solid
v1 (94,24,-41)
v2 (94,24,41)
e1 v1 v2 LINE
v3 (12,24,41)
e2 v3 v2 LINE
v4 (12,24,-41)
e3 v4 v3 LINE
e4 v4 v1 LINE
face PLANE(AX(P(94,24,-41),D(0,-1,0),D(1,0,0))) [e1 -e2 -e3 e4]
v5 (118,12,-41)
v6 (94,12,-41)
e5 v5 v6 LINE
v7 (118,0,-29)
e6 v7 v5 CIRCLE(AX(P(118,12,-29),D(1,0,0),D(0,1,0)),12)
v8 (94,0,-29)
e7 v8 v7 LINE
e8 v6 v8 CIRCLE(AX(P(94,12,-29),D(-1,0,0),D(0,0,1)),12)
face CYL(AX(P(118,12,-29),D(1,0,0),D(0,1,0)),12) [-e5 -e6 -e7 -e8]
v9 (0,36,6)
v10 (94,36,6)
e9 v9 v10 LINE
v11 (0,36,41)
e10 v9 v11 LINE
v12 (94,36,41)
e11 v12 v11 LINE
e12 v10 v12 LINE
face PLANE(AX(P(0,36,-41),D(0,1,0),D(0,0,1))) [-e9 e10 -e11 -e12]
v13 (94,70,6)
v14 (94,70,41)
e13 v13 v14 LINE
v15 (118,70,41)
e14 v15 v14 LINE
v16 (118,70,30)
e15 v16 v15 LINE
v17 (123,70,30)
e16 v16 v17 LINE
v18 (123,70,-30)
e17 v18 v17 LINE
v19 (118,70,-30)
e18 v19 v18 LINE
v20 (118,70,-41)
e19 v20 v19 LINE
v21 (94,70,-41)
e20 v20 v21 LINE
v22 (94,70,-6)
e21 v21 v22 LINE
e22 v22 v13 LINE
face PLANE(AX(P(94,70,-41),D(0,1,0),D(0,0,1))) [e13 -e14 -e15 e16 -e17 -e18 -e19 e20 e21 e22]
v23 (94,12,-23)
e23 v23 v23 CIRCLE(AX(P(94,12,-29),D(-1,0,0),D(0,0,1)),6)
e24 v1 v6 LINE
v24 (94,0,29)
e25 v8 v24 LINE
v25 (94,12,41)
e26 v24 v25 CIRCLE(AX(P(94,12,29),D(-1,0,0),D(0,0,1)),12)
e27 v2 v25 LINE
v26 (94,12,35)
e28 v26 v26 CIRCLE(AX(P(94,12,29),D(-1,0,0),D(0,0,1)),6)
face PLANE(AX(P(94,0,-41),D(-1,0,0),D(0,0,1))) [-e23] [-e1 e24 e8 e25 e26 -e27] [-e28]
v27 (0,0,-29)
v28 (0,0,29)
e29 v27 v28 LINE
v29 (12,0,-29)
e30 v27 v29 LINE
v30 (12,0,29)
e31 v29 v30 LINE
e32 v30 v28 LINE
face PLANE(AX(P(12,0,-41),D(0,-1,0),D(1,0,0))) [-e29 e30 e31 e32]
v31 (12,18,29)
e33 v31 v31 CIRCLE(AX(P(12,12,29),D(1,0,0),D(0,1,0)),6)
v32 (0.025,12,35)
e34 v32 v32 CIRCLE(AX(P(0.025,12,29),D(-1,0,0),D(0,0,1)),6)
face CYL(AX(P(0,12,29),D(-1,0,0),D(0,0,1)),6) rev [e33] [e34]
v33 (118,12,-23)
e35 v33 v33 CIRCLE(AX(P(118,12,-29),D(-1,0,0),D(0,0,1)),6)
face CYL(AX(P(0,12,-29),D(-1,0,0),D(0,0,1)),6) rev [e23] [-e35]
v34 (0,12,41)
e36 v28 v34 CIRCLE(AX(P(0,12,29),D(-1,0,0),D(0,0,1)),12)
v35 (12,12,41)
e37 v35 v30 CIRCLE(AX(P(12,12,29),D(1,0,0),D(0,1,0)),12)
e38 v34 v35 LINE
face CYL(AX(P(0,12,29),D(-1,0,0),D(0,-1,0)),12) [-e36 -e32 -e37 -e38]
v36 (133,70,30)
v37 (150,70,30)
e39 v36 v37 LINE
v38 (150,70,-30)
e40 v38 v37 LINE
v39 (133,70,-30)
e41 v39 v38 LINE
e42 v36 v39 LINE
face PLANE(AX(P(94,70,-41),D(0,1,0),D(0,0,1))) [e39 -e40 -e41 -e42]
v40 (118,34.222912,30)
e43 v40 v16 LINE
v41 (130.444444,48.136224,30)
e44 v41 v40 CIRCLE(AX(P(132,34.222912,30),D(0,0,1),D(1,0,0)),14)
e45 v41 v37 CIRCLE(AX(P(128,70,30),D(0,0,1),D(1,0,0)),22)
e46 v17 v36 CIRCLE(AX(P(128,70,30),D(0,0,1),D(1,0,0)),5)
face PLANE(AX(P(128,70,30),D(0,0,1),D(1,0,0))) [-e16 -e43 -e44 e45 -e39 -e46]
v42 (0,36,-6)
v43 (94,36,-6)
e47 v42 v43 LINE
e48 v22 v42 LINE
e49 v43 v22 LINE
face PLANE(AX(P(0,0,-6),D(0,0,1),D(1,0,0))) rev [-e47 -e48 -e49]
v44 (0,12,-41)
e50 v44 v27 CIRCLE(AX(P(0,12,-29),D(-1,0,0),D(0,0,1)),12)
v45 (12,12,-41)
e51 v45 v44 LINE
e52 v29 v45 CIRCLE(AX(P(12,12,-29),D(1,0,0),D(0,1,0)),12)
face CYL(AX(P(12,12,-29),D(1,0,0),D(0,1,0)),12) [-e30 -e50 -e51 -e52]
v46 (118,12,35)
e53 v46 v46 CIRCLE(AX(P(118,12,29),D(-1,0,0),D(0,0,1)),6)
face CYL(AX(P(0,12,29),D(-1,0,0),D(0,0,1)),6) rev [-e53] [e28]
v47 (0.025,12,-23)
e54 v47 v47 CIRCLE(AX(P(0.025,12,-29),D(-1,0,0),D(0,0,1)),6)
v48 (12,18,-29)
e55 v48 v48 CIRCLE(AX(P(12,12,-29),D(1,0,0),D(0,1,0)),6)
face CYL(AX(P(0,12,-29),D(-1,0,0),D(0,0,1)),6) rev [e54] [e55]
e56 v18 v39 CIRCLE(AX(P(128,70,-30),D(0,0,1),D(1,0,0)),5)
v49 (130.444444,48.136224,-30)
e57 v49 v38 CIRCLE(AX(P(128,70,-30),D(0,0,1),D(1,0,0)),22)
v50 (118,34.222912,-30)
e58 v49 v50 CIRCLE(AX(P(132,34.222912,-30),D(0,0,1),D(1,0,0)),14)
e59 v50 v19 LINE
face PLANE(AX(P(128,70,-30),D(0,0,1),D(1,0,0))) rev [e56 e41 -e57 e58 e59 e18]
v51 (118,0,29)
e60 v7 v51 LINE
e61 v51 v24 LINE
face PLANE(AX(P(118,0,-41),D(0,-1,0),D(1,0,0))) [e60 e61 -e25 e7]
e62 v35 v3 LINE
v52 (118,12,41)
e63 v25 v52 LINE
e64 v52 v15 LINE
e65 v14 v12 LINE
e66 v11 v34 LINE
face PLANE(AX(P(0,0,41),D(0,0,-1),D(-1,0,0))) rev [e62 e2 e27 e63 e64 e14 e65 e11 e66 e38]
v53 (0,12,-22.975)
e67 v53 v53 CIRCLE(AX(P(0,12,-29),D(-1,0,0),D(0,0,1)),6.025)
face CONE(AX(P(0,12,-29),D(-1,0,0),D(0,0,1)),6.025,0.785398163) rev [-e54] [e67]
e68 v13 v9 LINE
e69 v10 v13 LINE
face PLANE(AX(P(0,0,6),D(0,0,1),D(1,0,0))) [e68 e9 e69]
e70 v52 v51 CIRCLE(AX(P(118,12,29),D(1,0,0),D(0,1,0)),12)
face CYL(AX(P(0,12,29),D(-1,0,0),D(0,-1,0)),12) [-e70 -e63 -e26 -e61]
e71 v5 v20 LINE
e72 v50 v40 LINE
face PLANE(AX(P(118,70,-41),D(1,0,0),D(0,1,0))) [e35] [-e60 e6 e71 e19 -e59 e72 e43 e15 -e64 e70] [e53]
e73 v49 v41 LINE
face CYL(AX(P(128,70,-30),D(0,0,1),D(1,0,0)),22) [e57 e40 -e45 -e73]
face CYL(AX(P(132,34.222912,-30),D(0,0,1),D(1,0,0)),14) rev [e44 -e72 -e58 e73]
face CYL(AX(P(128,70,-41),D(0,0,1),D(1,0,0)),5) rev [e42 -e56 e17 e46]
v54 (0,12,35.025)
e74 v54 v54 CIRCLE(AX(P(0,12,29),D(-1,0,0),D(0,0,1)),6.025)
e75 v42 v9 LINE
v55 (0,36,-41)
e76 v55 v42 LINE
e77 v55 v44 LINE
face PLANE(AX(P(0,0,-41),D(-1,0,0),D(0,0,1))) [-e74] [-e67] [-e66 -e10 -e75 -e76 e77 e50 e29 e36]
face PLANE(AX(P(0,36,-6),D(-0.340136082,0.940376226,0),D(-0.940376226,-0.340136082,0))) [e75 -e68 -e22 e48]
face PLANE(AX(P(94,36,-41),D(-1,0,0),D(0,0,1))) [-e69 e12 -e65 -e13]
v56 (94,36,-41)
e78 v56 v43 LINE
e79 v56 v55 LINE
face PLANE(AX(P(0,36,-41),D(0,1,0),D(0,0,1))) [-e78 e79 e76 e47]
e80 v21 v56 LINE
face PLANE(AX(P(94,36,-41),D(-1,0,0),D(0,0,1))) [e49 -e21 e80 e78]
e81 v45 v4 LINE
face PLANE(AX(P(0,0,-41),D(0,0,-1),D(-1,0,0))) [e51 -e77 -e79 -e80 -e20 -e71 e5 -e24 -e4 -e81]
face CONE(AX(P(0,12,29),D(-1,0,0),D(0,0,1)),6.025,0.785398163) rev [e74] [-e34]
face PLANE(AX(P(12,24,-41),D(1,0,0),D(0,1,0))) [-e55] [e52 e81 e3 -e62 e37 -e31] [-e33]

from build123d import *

# Parameters (mm, degrees)
BOSS_EXTRUDE1_DEPTH              = 41
BOSS_EXTRUDE1_DEPTH_BACK         = 41
FILLET1_R                        = 12
F_12_0MM_DOWEL_HOLE1_D           = 12
F_12_0MM_DOWEL_HOLE1_CSINK_D     = 12.05
F_12_0MM_DOWEL_HOLE1_CSINK_ANGLE = 90
BOSS_EXTRUDE2_DEPTH              = 30
BOSS_EXTRUDE2_DEPTH_BACK         = 30
SKETCH8_R                        = 5
CUT_EXTRUDE1_DEPTH               = 181.113852882
BOSS_EXTRUDE3_DEPTH              = 6
BOSS_EXTRUDE3_DEPTH_BACK         = 6


with BuildPart() as part:
    # Sketch1 → Boss-Extrude1 (new, two sides: drawn at the far end of the back side and taken through both)
    with BuildSketch(Plane.XY.offset(-BOSS_EXTRUDE1_DEPTH_BACK)):
        Polygon((0, 0), (0, 36), (94, 36), (94, 70), (118, 70), (118, 0), (94, 0), (94, 24), (12, 24), (12, 0), align=None)
    extrude(amount=BOSS_EXTRUDE1_DEPTH + BOSS_EXTRUDE1_DEPTH_BACK)

    # Fillet1
    fillet1_edges = [part.edges().sort_by_distance(p)[0] for p in [
        (106, 0, -41),
        (6, 0, 41),
        (106, 0, 41),
        (6, 0, -41),
    ]]
    fillet(fillet1_edges, radius=FILLET1_R)

    # Ø12.0mm Dowel Hole1 (through all)
    with Locations(Plane.ZY):
        with Locations((-29, 12), (29, 12)):
            CounterSinkHole(F_12_0MM_DOWEL_HOLE1_D / 2, F_12_0MM_DOWEL_HOLE1_CSINK_D / 2, counter_sink_angle=F_12_0MM_DOWEL_HOLE1_CSINK_ANGLE)

    # Sketch7 → Boss-Extrude2 (add, two sides: drawn at the far end of the back side and taken through both)
    with BuildSketch(Plane.XY.offset(-BOSS_EXTRUDE2_DEPTH_BACK)):
        with BuildLine():
            Line((118, 34.22291236), (118, 70))
            Line((118, 70), (128, 70))
            Line((128, 70), (150, 70))
            ThreePointArc((150, 70), (144.397831835, 55.333333333), (130.444444444, 48.13622422))
            ThreePointArc((130.444444444, 48.13622422), (121.565016105, 43.556245693), (118, 34.22291236))
        make_face()
    extrude(amount=BOSS_EXTRUDE2_DEPTH + BOSS_EXTRUDE2_DEPTH_BACK)

    # Sketch8 → Cut-Extrude1 (cut, through all)
    with BuildSketch(Plane.XY.offset(30)):
        with Locations((128, 70)):
            Circle(SKETCH8_R)
    extrude(amount=-CUT_EXTRUDE1_DEPTH, mode=Mode.SUBTRACT)

    # Sketch9 → Boss-Extrude3 (add, two sides: drawn at the far end of the back side and taken through both)
    with BuildSketch(Plane.XY.offset(-BOSS_EXTRUDE3_DEPTH_BACK)):
        Polygon((0, 36), (94, 70), (94, 36), align=None)
    extrude(amount=BOSS_EXTRUDE3_DEPTH + BOSS_EXTRUDE3_DEPTH_BACK)


solid = part.part
